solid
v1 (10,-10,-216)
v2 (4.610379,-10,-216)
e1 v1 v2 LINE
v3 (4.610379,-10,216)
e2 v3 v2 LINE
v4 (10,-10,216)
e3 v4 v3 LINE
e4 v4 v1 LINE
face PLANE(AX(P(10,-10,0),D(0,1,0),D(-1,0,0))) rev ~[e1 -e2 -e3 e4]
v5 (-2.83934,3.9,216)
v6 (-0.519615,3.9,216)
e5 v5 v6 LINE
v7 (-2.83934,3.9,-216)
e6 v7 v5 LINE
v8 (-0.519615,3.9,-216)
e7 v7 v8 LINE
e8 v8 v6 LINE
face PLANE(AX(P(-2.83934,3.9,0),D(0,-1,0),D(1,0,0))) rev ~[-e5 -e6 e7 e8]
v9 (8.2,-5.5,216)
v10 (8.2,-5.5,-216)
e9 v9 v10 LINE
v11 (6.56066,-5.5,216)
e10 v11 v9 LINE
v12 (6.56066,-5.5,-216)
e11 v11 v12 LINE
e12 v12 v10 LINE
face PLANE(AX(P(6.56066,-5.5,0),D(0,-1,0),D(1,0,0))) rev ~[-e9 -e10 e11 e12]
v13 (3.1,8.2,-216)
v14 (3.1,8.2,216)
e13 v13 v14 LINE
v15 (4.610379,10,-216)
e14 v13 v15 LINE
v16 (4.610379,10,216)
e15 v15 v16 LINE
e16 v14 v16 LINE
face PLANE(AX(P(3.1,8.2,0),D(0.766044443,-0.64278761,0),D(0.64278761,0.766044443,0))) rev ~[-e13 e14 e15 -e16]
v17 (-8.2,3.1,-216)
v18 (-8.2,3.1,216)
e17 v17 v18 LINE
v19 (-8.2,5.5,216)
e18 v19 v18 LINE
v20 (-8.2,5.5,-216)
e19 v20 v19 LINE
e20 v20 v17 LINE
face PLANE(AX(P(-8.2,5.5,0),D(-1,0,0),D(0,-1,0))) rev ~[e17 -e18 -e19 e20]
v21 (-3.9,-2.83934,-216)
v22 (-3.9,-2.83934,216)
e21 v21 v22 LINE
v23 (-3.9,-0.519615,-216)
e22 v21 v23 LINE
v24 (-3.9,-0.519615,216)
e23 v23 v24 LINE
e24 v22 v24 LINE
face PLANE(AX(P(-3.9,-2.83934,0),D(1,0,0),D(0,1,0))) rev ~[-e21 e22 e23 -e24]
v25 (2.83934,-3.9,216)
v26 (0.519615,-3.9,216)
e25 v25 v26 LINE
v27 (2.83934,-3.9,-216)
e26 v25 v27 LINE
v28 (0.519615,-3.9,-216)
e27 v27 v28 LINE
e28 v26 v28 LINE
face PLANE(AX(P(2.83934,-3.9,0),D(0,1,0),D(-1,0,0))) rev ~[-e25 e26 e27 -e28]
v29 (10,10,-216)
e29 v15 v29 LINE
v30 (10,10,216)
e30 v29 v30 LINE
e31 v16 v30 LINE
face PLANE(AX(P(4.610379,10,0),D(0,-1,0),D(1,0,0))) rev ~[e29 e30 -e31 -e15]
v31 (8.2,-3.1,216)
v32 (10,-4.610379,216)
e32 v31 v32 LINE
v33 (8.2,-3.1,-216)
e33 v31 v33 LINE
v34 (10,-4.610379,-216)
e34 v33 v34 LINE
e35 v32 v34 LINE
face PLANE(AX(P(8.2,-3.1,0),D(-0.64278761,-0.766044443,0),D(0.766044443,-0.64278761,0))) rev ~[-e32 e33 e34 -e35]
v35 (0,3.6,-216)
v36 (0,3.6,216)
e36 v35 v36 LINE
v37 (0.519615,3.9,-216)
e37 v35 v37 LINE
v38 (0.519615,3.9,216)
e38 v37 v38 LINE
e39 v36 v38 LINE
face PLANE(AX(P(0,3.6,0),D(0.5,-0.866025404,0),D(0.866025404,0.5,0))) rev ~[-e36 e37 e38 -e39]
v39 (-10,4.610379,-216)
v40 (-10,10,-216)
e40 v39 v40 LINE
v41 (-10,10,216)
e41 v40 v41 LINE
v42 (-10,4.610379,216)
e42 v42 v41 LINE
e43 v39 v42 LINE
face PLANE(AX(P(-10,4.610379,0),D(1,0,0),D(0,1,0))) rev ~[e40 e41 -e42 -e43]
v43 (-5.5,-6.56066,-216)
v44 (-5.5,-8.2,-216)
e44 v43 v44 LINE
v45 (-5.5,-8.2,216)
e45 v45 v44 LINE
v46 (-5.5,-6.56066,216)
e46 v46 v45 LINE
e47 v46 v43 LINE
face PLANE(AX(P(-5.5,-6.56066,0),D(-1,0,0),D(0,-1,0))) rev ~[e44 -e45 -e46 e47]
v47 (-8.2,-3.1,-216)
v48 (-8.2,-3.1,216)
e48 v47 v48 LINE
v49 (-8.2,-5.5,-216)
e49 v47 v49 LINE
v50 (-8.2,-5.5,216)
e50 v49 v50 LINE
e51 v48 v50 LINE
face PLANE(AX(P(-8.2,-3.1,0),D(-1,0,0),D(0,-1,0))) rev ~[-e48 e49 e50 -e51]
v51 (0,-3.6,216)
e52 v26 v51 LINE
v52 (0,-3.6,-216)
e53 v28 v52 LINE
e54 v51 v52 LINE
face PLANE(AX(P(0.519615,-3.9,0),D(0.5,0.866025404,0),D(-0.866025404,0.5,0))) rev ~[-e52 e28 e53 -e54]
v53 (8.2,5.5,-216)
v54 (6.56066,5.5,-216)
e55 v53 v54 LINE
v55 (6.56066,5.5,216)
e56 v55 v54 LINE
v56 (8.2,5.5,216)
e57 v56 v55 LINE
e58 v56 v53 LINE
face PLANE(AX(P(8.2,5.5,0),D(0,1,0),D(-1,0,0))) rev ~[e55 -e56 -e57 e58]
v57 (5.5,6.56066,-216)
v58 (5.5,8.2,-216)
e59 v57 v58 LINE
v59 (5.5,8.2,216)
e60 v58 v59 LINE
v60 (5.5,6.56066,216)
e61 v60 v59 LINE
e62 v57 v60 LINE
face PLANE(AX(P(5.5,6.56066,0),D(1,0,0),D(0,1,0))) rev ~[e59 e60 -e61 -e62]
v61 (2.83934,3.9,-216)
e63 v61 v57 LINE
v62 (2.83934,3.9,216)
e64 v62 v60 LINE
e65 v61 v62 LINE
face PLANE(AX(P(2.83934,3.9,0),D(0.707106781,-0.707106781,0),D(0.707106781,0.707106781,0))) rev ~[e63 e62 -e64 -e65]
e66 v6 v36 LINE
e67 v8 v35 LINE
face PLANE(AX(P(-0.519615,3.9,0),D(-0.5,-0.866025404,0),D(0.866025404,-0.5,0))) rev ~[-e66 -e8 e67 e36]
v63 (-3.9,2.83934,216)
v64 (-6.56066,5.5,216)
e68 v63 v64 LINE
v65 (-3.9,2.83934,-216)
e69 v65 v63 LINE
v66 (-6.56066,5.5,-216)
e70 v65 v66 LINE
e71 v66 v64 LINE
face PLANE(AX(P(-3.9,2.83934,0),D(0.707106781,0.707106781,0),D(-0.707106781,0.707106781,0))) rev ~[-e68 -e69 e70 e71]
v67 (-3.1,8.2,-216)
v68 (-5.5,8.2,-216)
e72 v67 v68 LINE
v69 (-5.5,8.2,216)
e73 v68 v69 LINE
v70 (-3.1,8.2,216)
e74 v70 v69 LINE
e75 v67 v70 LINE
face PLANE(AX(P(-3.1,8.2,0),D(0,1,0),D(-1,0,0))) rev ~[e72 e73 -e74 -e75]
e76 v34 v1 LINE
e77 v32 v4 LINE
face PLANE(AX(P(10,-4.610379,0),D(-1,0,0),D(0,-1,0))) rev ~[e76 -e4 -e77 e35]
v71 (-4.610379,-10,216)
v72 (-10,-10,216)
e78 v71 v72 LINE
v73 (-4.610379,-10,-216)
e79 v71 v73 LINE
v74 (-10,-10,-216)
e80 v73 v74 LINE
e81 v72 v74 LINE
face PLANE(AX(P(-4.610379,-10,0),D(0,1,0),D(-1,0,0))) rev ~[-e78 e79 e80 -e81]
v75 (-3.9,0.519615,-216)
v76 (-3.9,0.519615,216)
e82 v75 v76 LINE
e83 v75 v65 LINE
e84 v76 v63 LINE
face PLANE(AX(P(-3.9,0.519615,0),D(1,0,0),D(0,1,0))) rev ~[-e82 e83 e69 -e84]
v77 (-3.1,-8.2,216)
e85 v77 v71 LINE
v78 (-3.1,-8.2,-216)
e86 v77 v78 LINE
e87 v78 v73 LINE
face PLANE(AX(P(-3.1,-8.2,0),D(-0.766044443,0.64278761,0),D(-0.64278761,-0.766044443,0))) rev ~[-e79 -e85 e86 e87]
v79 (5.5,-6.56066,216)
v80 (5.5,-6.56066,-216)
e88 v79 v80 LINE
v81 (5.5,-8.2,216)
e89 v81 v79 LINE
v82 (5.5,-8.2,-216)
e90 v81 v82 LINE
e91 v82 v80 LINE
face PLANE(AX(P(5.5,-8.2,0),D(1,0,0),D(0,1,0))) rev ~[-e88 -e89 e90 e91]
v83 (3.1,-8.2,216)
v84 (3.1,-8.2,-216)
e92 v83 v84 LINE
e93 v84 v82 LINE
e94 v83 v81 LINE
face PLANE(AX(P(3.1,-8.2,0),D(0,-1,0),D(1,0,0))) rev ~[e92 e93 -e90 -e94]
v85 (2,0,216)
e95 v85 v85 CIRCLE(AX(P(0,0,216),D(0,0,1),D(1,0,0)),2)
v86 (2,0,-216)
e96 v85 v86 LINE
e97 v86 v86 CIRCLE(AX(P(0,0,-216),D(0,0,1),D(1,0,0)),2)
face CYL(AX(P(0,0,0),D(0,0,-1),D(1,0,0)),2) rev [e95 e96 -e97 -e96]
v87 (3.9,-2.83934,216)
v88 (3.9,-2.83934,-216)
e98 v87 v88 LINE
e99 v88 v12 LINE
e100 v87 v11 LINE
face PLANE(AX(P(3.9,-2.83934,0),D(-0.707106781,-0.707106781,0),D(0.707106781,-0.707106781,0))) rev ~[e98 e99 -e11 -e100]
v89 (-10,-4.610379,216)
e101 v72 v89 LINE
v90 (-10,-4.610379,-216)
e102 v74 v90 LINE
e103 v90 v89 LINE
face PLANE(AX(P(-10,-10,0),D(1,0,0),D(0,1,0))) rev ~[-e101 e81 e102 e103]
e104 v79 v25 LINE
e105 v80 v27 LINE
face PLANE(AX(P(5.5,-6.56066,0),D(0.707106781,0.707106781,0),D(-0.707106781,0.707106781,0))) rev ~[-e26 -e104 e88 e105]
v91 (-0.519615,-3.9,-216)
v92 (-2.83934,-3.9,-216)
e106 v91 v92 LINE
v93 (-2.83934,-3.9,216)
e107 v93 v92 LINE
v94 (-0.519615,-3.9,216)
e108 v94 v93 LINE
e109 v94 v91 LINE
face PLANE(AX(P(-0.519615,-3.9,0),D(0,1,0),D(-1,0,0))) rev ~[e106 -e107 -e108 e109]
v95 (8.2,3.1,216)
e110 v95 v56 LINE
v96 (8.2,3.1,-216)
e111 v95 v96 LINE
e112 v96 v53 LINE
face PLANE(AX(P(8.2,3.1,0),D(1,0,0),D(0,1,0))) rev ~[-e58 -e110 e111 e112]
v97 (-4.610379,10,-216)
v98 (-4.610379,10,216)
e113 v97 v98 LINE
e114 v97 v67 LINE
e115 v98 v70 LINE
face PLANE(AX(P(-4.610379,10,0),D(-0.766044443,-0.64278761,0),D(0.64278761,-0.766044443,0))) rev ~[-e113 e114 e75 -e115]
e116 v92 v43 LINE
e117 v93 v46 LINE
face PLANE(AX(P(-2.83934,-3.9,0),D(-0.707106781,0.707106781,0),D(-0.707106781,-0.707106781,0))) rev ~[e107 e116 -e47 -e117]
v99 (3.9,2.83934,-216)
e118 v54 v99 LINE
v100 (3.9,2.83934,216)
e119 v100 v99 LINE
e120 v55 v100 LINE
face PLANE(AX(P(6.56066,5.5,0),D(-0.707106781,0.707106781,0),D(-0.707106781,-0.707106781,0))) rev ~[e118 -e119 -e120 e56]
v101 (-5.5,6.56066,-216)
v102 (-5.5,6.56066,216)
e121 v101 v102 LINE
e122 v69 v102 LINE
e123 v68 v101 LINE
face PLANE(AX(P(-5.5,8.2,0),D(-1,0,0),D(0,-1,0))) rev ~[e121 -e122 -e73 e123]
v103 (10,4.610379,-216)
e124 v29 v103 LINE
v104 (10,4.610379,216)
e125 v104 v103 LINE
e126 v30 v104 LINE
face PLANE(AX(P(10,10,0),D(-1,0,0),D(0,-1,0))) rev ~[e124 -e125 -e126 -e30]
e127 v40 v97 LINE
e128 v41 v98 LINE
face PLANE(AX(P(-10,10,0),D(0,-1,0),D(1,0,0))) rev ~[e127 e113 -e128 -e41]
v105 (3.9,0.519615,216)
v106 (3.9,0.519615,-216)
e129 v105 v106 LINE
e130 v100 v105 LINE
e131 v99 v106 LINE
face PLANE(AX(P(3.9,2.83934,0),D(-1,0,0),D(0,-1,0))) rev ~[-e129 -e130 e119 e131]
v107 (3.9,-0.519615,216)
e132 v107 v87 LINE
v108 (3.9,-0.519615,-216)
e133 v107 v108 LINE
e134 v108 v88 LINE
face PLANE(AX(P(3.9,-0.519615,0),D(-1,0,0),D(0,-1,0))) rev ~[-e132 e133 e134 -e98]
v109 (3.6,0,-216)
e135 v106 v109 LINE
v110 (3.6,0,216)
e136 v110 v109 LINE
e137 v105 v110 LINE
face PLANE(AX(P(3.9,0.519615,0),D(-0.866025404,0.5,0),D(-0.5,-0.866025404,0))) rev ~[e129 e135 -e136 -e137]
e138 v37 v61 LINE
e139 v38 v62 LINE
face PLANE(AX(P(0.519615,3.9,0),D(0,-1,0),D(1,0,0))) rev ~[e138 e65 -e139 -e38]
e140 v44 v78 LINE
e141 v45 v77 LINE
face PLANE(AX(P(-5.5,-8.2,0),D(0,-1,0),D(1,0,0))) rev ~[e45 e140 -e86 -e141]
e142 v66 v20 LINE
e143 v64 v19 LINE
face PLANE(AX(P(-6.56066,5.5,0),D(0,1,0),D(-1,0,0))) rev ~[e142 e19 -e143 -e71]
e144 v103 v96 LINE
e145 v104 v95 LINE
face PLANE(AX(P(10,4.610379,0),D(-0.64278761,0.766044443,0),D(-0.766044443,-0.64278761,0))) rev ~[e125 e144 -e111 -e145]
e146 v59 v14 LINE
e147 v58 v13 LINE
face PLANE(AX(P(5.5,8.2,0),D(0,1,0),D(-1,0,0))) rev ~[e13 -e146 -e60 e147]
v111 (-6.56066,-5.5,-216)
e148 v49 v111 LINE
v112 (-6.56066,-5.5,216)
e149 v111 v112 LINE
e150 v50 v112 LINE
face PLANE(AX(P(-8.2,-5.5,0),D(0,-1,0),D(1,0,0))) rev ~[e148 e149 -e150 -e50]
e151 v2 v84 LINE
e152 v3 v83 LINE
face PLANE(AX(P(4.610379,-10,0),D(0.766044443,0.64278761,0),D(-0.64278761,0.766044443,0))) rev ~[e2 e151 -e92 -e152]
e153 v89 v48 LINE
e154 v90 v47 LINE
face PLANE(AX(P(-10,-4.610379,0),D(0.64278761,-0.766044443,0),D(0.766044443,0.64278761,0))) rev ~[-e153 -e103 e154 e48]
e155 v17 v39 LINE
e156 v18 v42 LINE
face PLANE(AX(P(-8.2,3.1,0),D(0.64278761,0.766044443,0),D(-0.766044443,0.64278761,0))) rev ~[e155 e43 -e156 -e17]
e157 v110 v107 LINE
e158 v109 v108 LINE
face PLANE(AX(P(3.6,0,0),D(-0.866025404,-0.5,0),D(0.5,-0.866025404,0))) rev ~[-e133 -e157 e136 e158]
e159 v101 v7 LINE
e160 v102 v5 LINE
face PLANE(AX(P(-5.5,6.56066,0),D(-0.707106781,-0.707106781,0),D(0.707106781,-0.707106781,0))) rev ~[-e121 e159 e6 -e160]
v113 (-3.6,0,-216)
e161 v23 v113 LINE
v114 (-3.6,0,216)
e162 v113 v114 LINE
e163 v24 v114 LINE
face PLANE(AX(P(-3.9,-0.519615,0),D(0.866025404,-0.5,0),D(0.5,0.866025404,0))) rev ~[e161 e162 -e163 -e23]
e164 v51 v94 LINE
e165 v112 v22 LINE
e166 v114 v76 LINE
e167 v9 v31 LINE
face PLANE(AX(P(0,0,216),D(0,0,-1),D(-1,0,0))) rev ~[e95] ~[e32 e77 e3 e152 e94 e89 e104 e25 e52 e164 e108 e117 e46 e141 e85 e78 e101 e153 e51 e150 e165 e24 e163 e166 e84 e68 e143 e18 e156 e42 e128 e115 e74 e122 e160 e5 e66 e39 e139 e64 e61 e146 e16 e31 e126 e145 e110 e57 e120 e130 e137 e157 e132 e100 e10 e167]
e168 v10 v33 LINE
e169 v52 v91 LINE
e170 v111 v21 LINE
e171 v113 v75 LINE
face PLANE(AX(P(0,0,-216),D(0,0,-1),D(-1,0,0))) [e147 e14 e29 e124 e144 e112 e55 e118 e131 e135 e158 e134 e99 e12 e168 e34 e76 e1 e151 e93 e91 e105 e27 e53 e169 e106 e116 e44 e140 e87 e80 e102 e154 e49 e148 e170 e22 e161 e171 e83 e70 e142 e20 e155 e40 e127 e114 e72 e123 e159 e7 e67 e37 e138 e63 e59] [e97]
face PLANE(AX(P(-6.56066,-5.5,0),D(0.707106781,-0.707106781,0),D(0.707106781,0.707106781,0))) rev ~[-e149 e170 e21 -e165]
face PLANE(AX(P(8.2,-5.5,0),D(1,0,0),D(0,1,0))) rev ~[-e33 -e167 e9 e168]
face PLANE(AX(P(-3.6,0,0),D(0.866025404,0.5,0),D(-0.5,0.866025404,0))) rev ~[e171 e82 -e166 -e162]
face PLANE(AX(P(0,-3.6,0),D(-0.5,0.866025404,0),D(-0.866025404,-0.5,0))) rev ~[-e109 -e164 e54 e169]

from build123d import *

# Parameters (mm, degrees)
SKETCH1_R           = 2
BOSS_EXTRUDE1_DEPTH = 216


with BuildPart() as part:
    # Sketch1 → Boss-Extrude1 (new body, symmetric)
    with BuildSketch(Plane.XY):
        Polygon((10, 10), (10, 4.610379336), (8.2, 3.1), (8.2, 5.5), (6.560660172, 5.5), (3.9, 2.839339828), (3.9, 0.519615242), (3.6, 0), (3.9, -0.519615242), (3.9, -2.839339828), (6.560660172, -5.5), (8.2, -5.5), (8.2, -3.1), (10, -4.610379336), (10, -10), (4.610379336, -10), (3.1, -8.2), (5.5, -8.2), (5.5, -6.560660172), (2.839339828, -3.9), (0.519615242, -3.9), (0, -3.6), (-0.519615242, -3.9), (-2.839339828, -3.9), (-5.5, -6.560660172), (-5.5, -8.2), (-3.1, -8.2), (-4.610379336, -10), (-10, -10), (-10, -4.610379336), (-8.2, -3.1), (-8.2, -5.5), (-6.560660172, -5.5), (-3.9, -2.839339828), (-3.9, -0.519615242), (-3.6, 0), (-3.9, 0.519615242), (-3.9, 2.839339828), (-6.560660172, 5.5), (-8.2, 5.5), (-8.2, 3.1), (-10, 4.610379336), (-10, 10), (-4.610379336, 10), (-3.1, 8.2), (-5.5, 8.2), (-5.5, 6.560660172), (-2.839339828, 3.9), (-0.519615242, 3.9), (0, 3.6), (0.519615242, 3.9), (2.839339828, 3.9), (5.5, 6.560660172), (5.5, 8.2), (3.1, 8.2), (4.610379336, 10), align=None)
        Circle(SKETCH1_R, mode=Mode.SUBTRACT)
    extrude(amount=BOSS_EXTRUDE1_DEPTH, both=True)


solid = part.part
